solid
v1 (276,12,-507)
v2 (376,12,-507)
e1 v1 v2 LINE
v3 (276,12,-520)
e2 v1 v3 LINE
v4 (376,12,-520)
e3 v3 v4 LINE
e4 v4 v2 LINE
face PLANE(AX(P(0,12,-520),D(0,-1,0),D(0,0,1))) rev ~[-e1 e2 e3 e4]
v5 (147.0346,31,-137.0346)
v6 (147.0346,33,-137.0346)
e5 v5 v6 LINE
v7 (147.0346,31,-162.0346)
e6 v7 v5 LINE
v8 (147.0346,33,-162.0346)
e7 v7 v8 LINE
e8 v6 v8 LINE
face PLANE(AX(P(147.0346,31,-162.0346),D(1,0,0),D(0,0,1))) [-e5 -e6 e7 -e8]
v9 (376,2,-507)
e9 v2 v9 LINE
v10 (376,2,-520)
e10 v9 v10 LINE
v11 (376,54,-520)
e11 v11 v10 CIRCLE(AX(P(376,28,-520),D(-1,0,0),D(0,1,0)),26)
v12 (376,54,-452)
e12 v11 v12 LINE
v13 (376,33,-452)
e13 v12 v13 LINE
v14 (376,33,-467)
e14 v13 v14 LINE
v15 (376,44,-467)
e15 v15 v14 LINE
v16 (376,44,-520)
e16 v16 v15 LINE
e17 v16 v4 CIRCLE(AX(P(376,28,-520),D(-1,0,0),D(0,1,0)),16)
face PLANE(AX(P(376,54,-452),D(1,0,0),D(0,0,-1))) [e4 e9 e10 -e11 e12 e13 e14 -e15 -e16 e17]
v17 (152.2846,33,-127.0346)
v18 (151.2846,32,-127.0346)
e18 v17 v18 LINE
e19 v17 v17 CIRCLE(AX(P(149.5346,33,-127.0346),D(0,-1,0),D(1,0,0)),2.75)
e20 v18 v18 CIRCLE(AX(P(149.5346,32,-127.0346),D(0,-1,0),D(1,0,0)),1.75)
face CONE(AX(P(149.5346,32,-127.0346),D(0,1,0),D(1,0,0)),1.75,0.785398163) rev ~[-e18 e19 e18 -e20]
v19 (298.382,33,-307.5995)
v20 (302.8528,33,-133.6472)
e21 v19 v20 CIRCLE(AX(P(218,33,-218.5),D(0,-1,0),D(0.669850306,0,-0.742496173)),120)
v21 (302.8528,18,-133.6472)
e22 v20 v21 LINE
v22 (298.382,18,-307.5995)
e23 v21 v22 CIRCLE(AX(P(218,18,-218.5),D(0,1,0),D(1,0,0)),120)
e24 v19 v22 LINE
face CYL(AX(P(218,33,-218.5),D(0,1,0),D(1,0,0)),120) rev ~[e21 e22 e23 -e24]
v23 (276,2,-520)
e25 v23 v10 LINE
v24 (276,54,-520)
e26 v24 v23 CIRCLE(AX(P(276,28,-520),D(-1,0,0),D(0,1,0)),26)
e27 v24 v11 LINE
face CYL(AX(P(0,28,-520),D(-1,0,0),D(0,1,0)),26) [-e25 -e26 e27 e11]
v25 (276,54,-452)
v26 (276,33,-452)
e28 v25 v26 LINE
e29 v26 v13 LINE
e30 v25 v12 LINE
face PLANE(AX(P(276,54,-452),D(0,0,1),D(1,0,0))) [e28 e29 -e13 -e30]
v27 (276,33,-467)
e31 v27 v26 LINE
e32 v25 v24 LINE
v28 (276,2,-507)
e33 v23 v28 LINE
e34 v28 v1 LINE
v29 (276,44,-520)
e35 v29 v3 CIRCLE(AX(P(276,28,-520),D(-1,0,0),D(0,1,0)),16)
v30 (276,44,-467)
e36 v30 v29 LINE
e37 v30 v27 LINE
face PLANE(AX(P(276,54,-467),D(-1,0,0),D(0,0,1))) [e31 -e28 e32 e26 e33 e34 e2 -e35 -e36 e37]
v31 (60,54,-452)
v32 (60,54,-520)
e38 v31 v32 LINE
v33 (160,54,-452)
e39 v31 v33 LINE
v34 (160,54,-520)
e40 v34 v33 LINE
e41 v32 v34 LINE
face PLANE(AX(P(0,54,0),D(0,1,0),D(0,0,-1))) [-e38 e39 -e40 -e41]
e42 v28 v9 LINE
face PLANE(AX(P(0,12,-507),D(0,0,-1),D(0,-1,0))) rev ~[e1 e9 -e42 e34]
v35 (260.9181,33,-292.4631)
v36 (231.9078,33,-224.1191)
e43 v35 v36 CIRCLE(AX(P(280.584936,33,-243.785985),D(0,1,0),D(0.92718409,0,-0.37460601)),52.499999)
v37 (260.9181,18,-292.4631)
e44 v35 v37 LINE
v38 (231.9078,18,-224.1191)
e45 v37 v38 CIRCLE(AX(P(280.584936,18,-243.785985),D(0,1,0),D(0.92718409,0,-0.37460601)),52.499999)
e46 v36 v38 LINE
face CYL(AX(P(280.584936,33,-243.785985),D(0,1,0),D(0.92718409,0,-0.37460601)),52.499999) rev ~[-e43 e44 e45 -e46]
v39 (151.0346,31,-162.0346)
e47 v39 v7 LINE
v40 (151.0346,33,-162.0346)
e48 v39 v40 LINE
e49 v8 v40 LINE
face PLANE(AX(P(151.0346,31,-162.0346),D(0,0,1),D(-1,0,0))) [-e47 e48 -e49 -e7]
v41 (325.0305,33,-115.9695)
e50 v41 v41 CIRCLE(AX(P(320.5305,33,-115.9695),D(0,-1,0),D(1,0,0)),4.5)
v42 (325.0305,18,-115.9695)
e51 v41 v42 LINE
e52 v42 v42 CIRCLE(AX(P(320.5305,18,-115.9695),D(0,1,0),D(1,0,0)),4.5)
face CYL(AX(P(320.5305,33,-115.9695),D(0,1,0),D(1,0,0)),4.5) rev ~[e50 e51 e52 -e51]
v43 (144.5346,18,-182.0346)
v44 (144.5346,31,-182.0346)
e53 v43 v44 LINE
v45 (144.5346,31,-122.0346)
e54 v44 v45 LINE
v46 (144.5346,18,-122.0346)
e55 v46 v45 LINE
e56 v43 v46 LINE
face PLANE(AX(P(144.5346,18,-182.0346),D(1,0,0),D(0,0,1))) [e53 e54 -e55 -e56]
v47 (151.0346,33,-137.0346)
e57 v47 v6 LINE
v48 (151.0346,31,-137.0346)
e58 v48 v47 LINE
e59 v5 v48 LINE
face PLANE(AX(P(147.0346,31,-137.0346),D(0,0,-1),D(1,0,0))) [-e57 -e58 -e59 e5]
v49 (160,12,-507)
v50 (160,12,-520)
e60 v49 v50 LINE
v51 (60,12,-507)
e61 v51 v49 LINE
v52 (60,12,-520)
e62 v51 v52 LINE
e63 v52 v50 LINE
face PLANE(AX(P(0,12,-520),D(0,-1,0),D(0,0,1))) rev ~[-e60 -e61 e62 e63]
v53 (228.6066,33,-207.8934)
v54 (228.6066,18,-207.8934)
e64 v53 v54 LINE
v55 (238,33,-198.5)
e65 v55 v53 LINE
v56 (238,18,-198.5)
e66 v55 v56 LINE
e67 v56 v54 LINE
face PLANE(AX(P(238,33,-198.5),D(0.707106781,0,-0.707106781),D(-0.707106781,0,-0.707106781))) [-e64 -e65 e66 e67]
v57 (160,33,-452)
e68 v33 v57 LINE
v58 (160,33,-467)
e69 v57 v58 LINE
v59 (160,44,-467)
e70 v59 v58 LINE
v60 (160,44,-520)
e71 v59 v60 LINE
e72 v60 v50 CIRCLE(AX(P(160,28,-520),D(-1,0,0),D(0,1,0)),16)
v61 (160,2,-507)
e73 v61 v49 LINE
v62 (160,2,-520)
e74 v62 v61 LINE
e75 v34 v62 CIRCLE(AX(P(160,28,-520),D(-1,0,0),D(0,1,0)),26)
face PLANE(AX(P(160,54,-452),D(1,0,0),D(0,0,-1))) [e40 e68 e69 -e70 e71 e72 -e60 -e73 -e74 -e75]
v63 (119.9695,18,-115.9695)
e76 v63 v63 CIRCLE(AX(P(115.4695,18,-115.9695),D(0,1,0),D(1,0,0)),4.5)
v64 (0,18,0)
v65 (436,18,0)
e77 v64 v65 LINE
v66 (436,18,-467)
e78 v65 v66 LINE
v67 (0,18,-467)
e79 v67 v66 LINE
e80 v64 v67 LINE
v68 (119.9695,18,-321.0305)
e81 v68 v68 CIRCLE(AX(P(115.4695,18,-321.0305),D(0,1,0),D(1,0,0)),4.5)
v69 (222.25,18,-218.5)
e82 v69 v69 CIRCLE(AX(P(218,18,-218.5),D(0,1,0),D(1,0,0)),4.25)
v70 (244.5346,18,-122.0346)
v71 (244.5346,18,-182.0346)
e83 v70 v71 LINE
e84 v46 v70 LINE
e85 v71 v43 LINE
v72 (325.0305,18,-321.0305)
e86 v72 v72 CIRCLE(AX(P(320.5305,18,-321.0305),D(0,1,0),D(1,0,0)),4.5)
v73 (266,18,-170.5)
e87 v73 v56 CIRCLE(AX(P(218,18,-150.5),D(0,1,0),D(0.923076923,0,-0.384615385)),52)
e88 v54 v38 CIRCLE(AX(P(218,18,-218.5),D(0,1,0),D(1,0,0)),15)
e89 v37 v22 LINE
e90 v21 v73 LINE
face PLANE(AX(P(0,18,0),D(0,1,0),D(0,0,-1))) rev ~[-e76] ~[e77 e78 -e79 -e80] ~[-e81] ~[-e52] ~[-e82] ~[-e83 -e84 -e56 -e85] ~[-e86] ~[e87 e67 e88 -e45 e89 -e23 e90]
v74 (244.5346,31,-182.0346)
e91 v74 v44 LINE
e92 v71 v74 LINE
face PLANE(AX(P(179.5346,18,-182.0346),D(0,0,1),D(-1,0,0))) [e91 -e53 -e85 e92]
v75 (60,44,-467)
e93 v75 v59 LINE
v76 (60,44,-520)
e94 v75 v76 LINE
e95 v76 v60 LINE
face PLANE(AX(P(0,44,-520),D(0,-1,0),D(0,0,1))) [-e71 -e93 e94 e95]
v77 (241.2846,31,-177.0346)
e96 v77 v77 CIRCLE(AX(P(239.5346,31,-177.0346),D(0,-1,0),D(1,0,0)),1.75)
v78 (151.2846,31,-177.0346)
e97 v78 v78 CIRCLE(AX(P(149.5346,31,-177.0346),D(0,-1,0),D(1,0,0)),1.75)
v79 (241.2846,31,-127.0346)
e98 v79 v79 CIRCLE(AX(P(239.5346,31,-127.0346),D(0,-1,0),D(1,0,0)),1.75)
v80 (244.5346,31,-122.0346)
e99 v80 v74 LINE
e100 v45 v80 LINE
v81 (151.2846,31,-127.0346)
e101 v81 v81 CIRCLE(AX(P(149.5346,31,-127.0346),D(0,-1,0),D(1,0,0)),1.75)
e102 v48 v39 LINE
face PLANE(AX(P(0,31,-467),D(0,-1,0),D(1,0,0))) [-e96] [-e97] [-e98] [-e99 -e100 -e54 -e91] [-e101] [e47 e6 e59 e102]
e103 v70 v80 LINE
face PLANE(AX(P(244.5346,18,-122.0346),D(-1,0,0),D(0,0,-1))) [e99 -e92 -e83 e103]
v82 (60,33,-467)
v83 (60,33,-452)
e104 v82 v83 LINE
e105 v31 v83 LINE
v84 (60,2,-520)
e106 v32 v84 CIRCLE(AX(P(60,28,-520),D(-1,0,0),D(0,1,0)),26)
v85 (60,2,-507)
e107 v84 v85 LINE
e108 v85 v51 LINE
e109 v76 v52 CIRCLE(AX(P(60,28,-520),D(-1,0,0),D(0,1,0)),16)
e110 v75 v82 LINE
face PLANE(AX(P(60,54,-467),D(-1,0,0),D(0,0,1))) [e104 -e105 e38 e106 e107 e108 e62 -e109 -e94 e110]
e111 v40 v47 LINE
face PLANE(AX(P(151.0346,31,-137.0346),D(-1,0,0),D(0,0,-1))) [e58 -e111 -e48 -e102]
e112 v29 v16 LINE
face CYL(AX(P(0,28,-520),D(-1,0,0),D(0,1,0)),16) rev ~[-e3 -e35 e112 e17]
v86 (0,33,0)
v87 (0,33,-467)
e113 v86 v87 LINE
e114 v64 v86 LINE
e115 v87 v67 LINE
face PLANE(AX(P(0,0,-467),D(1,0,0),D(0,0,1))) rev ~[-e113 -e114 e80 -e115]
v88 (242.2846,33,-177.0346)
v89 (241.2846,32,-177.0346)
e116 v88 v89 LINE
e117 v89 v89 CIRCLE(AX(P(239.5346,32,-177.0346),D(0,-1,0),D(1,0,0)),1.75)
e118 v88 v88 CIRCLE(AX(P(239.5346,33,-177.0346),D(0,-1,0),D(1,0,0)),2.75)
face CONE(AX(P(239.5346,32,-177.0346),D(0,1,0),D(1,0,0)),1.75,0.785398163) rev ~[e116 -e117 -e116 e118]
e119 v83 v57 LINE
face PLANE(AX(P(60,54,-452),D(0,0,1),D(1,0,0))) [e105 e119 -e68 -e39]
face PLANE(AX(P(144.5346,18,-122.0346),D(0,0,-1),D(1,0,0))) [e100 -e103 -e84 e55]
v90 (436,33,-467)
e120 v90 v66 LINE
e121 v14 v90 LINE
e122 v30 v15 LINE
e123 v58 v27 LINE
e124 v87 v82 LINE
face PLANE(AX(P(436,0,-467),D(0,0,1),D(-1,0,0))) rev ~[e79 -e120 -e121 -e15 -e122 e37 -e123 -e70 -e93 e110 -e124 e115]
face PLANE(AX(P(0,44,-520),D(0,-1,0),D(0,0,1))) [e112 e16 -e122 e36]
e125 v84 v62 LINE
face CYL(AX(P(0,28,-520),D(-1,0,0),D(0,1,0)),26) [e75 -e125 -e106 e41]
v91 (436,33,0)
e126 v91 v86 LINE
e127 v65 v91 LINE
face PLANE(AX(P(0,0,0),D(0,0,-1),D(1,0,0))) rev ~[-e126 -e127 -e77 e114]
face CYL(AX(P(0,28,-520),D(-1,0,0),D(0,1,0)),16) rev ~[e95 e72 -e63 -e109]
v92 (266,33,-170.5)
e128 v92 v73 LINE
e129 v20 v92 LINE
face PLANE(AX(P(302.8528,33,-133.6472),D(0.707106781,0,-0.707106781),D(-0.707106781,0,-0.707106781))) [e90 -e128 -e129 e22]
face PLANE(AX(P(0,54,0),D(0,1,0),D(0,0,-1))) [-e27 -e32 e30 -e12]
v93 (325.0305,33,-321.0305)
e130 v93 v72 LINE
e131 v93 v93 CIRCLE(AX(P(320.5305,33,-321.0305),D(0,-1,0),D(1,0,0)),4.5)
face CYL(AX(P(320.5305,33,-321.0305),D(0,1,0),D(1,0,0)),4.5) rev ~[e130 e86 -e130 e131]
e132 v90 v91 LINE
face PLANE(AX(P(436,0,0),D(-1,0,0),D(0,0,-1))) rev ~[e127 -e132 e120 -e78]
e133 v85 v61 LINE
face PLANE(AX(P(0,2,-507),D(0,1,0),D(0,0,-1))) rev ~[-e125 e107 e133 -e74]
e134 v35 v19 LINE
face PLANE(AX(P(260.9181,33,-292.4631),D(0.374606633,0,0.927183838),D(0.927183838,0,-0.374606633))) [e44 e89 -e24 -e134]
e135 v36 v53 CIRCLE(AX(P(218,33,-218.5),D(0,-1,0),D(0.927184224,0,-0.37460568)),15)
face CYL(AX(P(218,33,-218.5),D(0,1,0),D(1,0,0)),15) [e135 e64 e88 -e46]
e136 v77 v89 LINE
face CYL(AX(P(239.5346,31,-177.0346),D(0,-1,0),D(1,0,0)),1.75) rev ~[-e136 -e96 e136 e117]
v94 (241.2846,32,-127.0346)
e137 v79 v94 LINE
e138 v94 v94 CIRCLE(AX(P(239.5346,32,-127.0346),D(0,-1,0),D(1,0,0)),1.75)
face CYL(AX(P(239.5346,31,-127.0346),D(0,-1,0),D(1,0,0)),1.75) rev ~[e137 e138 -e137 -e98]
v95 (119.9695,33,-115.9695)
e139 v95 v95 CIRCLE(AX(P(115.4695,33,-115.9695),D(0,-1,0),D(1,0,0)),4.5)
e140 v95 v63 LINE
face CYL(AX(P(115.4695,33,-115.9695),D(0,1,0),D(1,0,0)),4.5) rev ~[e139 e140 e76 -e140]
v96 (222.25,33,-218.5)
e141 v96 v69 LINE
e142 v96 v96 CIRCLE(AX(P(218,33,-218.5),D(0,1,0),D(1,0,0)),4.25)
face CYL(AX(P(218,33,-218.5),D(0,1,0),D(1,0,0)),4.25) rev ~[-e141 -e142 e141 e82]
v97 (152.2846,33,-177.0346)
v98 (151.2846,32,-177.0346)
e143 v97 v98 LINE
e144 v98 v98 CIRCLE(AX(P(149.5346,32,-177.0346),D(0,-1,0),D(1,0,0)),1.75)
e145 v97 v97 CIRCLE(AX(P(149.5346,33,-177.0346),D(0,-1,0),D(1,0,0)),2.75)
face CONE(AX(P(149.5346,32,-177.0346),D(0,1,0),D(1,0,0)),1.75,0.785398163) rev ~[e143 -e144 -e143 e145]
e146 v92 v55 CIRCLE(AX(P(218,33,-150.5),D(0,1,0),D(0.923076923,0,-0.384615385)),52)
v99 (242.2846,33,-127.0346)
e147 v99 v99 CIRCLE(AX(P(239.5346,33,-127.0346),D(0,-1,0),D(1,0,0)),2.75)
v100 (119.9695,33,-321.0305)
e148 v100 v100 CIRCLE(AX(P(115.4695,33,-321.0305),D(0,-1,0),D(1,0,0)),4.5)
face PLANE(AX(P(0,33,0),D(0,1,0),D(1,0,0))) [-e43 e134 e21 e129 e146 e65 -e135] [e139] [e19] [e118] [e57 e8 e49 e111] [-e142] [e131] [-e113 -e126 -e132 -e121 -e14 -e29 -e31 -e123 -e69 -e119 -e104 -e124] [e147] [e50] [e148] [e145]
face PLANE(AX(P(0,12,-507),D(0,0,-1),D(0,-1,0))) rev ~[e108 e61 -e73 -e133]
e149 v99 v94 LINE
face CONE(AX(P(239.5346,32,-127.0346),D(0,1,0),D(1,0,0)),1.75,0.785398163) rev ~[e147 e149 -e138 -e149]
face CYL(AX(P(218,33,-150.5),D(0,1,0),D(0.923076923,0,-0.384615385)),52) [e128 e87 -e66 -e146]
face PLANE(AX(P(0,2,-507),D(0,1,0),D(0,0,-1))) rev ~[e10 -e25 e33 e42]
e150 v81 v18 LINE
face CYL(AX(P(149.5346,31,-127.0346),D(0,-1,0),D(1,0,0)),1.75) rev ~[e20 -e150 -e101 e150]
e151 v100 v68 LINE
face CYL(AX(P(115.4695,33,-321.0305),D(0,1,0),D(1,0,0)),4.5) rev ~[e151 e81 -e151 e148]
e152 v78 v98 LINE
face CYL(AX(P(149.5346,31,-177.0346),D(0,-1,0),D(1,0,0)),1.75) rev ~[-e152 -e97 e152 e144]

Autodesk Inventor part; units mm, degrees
ref_plane "YZ Plane" through (0, 0, 0) normal (1, 0, 0) x (0, 1, 0)
ref_plane "XZ Plane" through (0, 0, 0) normal (0, 1, 0) x (-1, 0, 0)
ref_plane "XY Plane" through (0, 0, 0) normal (0, 0, 1) x (1, 0, 0)
sketch "Sketch6" plane through (0, 0, 0) normal (0, 1, 0) x (-1, 0, 0)
  line L0 (0, 0) -> (-436, 0)
  line L1 (-436, 0) -> (-436, -467)
  line L2 (-436, -467) -> (0, -467)
  line L3 (0, -467) -> (0, 0)
  dimension "d25" = 436
  dimension "d26" = 467
extrude "Extrusion5" add sketch "Sketch6" along normal blind 56
sketch "Sketch7" plane through (436, 0, -467) normal (0, 0, -1) x (-1, 0, 0)
  line L0 (436, 0) -> (0, 0) projected
  line L1 (218, 0) -> (376, 0)
  line L2 (218, 0) -> (376, 0) construction
  line L3 (376, 0) -> (376, 56)
  line L4 (436, 56) -> (0, 56) projected
  line L5 (376, 56) -> (60, 56)
  line L6 (376, 56) -> (692, 56) construction
  line L7 (60, 56) -> (60, 0)
  line L8 (60, 0) -> (218, 0)
  line L9 (60, 0) -> (160, 0)
  line L10 (160, 0) -> (160, 56)
  line L11 (376, 0) -> (276, 0)
  line L12 (376, 0) -> (476, 0) construction
  line L13 (276, 0) -> (276, 56)
  dimension "d29" = 158
  dimension "d30" = 0
  dimension "d31" = 316
  dimension "d32" = 180
  dimension "d33" = 100
  dimension "d34" = 100
  dimension "d35" = 180
extrude "Extrusion6" add sketch "Sketch7" along normal blind 100 contours L0 L13 L4 L3 | L0 L7 L4 L10
sketch "Sketch8" plane through (0, 0, -467) normal (-1, 0, 0) x (0, 0, 1)
  arc A0 (-53, 44) -> (-53, 12) centre (-53, 28) ccw
  line L0 (0, 0) -> (-100, 0) projected
  line L1 (-100, 0) -> (-100, 56) projected
  arc A1 (-53, 54) -> (-53, 2) centre (-53, 28) ccw
  line L2 (0, 0) -> (-100, 0)
  line L3 (-100, 56) -> (-100, 0) projected
  line L4 (-100, 0) -> (-100, 56)
  line L5 (0, 56) -> (-100, 56) projected
  line L6 (-100, 56) -> (0, 56)
  line L7 (-53, 54) -> (0, 54)
  line L8 (-53, 12) -> (-40, 12)
  line L9 (-40, 12) -> (-40, 2)
  line L10 (-40, 2) -> (-53, 2)
  line L11 (-53, 44) -> (0, 44)
  line L12 (467, 0) -> (0, 0) projected
  line L13 (0, 56) -> (0, 0)
  line L14 (0, 44) -> (0, 54)
  point P0 (467, 56)
  dimension "d30" = 0
  dimension "d32" = 180
  dimension "d35" = 180
  dimension "d38" = 28
  dimension "d39" = 32
  dimension "d40" = 47
  dimension "d45" = 52
  dimension "d50" = 13
extrude "Extrusion8" cut sketch "Sketch8" against normal through all contours L11 L13 L0 L1 L5 L7 A1 L10 L9 L8 A0
sketch "Sketch9" plane through (0, 0, -467) normal (-1, 0, 0) x (0, 0, 1)
  line L0 (467, 0) -> (0, 0) projected
  line L1 (0, 0) -> (467, 0)
  line L2 (467, 0) -> (467, 18)
  line L3 (467, 18) -> (0, 18)
  line L4 (0, 18) -> (0, 0)
  line L5 (0, 0) -> (0, 56) projected
  line L6 (467, 0) -> (467, 56) projected
  line L7 (0, 56) -> (467, 56)
  line L8 (467, 56) -> (467, 54)
  line L9 (467, 54) -> (0, 54)
  line L10 (0, 54) -> (0, 56)
  dimension "d59" = 467
  dimension "d60" = 18
  dimension "d61" = 2
extrude "Extrusion9" cut sketch "Sketch9" against normal through all contours L0 L4 L3 L2 | L9 L5 L7 L6
sketch "Sketch10" plane through (0, 54, 0) normal (0, 1, 0) x (1, 0, 0)
  line L0 (376, 520) -> (376, 467) projected
  line L1 (436, 467) -> (436, 0) projected
  line L2 (376, 467) -> (436, 467)
  line L3 (436, 467) -> (436, 0)
  line L4 (436, 0) -> (0, 0) projected
  line L5 (436, 0) -> (0, 0)
  line L6 (0, 467) -> (60, 467) projected
  line L7 (0, 0) -> (0, 467)
  line L8 (0, 467) -> (60, 467)
  line L9 (60, 467) -> (60, 452)
  line L10 (60, 452) -> (160, 452)
  line L11 (160, 520) -> (160, 467) projected
  line L12 (160, 452) -> (160, 467)
  line L13 (276, 467) -> (276, 520) projected
  line L14 (160, 467) -> (276, 467)
  line L15 (276, 467) -> (276, 452)
  line L16 (276, 452) -> (376, 452)
  line L17 (376, 452) -> (376, 467)
  dimension "d64" = 15
  dimension "d65" = 90
extrude "Extrusion10" cut sketch "Sketch10" against normal blind 21
sketch "Sketch11" plane through (0, 33, 0) normal (0, 1, 0) x (1, 0, 0)
  circle A0 centre (218, 218.5) radius 4.25
  line L0 (0, 0) -> (0, 467) projected
  line L1 (436, 0) -> (0, 0) projected
  dimension "d70" = 8.5
  dimension "d71" = 218
  dimension "d72" = 218.5
extrude "Extrusion11" cut sketch "Sketch11" against normal through all
sketch "Sketch12" plane through (0, 33, 0) normal (0, 1, 0) x (1, 0, 0)
  circle A0 centre (218, 218.5) radius 4.25 projected
  circle A1 centre (218, 218.5) radius 120
  circle A2 centre (218, 218.5) radius 15
  line L0 (231.9078, 224.1191) -> (329.2621, 263.4528)
  line L1 (233, 218.5) -> (338, 218.5)
  arc A3 (329.2621, 263.4528) -> (231.9078, 224.1191) centre (280.5849, 243.7859) ccw
  circle A4 centre (218, 218.5) radius 145
  circle A5 centre (320.5305, 115.9695) radius 4.5
  circle A6 centre (320.5305, 321.0305) radius 4.5
  circle A7 centre (115.4695, 321.0305) radius 4.5
  circle A8 centre (115.4695, 115.9695) radius 4.5
  line L2 (320.5305, 115.9695) -> (302.8528, 133.6472)
  line L3 (320.5305, 115.9695) -> (345.5305, 115.9695) construction
  line L4 (222.25, 218.5) -> (233, 218.5)
  line L5 (218, 203.5) -> (218, 150.5)
  line L6 (218, 218.5) -> (281, 218.5) construction
  arc A9 (266, 170.5) -> (238, 198.5) centre (218, 150.5) ccw
  line L7 (302.8528, 133.6472) -> (266, 170.5)
  line L8 (238, 198.5) -> (228.6066, 207.8934)
  line L9 (218, 203.5) -> (218, 214.25)
  line L10 (260.9181, 292.4631) -> (298.382, 307.5995)
  point P0 (0, 0)
  dimension "d81" = 290
  dimension "d76" = 30
  dimension "d77" = 240
  dimension "d82" = 9
  dimension "d87" = 360
  dimension "d90" = 135
  dimension "d91" = 22
  dimension "d92" = 68
  dimension "d95" = 52
extrude "Extrusion12" cut sketch "Sketch12" against normal through all contours L1 A1 L7 A9 L8 A2 | A2 L0 A1 L1 | A3 L0 | A5 A4 L2 | L2 A4 A5 | A3 L10 A1 | A5 A4 | A8 A4 | A4 A8 | A6 A4 | A4 A6 | A7 A4 | A4 A7
sketch "Sketch13" plane through (0, 18, -467) normal (0, -1, 0) x (1, 0, 0)
  arc A0 (179.5346, 284.9654) -> (179.5346, 344.9654) centre (219.5346, 314.9654) ccw
  line L0 (144.5346, 344.9654) -> (244.5346, 344.9654)
  line L1 (244.5346, 344.9654) -> (244.5346, 284.9654)
  line L2 (244.5346, 284.9654) -> (144.5346, 284.9654)
  line L3 (144.5346, 284.9654) -> (144.5346, 344.9654)
  point P0 (0, 467)
  point P1 (266, 296.5)
  point P2 (238, 268.5)
  dimension "d96" = 100
  dimension "d97" = 100
  dimension "d98" = 60
  dimension "d99" = 25
  dimension "d100" = 30
extrude "Extrusion13" cut sketch "Sketch13" against normal blind 13 contours L2 L3 L0 L1
sketch "Sketch14" plane through (0, 31, -467) normal (0, -1, 0) x (1, 0, 0)
  line L0 (144.5346, 284.9654) -> (144.5346, 344.9654) projected
  line L1 (244.5346, 284.9654) -> (144.5346, 284.9654) projected
  line L2 (244.5346, 344.9654) -> (244.5346, 284.9654) projected
  line L3 (144.5346, 344.9654) -> (244.5346, 344.9654) projected
  circle A0 centre (239.5346, 289.9654) radius 1.75
  circle A1 centre (149.5346, 289.9654) radius 1.75
  circle A2 centre (239.5346, 339.9654) radius 1.75
  circle A3 centre (149.5346, 339.9654) radius 1.75
  line L4 (147.0346, 329.9654) -> (151.0346, 329.9654)
  line L5 (151.0346, 329.9654) -> (151.0346, 304.9654)
  line L6 (151.0346, 304.9654) -> (147.0346, 304.9654)
  line L7 (147.0346, 304.9654) -> (147.0346, 329.9654)
  point P0 (0, 467)
  dimension "d103" = 3.5
  dimension "d104" = 5
  dimension "d105" = 5
  dimension "d108" = 90
  dimension "d111" = 50
  dimension "d117" = 4
  dimension "d118" = 25
  dimension "d119" = 15
  dimension "d120" = 2.5
extrude "Extrusion14" cut sketch "Sketch14" against normal through all contours A0 | A1 | A2 | A3 | L4 L5 L6 L7
chamfer "Chamfer1" distance 1 angle 45 4 edges at (147.7846, 33, -177.0346) (147.7846, 33, -127.0346) (237.7846, 33, -127.0346) (237.7846, 33, -177.0346)
properties part number "bin_lid"
